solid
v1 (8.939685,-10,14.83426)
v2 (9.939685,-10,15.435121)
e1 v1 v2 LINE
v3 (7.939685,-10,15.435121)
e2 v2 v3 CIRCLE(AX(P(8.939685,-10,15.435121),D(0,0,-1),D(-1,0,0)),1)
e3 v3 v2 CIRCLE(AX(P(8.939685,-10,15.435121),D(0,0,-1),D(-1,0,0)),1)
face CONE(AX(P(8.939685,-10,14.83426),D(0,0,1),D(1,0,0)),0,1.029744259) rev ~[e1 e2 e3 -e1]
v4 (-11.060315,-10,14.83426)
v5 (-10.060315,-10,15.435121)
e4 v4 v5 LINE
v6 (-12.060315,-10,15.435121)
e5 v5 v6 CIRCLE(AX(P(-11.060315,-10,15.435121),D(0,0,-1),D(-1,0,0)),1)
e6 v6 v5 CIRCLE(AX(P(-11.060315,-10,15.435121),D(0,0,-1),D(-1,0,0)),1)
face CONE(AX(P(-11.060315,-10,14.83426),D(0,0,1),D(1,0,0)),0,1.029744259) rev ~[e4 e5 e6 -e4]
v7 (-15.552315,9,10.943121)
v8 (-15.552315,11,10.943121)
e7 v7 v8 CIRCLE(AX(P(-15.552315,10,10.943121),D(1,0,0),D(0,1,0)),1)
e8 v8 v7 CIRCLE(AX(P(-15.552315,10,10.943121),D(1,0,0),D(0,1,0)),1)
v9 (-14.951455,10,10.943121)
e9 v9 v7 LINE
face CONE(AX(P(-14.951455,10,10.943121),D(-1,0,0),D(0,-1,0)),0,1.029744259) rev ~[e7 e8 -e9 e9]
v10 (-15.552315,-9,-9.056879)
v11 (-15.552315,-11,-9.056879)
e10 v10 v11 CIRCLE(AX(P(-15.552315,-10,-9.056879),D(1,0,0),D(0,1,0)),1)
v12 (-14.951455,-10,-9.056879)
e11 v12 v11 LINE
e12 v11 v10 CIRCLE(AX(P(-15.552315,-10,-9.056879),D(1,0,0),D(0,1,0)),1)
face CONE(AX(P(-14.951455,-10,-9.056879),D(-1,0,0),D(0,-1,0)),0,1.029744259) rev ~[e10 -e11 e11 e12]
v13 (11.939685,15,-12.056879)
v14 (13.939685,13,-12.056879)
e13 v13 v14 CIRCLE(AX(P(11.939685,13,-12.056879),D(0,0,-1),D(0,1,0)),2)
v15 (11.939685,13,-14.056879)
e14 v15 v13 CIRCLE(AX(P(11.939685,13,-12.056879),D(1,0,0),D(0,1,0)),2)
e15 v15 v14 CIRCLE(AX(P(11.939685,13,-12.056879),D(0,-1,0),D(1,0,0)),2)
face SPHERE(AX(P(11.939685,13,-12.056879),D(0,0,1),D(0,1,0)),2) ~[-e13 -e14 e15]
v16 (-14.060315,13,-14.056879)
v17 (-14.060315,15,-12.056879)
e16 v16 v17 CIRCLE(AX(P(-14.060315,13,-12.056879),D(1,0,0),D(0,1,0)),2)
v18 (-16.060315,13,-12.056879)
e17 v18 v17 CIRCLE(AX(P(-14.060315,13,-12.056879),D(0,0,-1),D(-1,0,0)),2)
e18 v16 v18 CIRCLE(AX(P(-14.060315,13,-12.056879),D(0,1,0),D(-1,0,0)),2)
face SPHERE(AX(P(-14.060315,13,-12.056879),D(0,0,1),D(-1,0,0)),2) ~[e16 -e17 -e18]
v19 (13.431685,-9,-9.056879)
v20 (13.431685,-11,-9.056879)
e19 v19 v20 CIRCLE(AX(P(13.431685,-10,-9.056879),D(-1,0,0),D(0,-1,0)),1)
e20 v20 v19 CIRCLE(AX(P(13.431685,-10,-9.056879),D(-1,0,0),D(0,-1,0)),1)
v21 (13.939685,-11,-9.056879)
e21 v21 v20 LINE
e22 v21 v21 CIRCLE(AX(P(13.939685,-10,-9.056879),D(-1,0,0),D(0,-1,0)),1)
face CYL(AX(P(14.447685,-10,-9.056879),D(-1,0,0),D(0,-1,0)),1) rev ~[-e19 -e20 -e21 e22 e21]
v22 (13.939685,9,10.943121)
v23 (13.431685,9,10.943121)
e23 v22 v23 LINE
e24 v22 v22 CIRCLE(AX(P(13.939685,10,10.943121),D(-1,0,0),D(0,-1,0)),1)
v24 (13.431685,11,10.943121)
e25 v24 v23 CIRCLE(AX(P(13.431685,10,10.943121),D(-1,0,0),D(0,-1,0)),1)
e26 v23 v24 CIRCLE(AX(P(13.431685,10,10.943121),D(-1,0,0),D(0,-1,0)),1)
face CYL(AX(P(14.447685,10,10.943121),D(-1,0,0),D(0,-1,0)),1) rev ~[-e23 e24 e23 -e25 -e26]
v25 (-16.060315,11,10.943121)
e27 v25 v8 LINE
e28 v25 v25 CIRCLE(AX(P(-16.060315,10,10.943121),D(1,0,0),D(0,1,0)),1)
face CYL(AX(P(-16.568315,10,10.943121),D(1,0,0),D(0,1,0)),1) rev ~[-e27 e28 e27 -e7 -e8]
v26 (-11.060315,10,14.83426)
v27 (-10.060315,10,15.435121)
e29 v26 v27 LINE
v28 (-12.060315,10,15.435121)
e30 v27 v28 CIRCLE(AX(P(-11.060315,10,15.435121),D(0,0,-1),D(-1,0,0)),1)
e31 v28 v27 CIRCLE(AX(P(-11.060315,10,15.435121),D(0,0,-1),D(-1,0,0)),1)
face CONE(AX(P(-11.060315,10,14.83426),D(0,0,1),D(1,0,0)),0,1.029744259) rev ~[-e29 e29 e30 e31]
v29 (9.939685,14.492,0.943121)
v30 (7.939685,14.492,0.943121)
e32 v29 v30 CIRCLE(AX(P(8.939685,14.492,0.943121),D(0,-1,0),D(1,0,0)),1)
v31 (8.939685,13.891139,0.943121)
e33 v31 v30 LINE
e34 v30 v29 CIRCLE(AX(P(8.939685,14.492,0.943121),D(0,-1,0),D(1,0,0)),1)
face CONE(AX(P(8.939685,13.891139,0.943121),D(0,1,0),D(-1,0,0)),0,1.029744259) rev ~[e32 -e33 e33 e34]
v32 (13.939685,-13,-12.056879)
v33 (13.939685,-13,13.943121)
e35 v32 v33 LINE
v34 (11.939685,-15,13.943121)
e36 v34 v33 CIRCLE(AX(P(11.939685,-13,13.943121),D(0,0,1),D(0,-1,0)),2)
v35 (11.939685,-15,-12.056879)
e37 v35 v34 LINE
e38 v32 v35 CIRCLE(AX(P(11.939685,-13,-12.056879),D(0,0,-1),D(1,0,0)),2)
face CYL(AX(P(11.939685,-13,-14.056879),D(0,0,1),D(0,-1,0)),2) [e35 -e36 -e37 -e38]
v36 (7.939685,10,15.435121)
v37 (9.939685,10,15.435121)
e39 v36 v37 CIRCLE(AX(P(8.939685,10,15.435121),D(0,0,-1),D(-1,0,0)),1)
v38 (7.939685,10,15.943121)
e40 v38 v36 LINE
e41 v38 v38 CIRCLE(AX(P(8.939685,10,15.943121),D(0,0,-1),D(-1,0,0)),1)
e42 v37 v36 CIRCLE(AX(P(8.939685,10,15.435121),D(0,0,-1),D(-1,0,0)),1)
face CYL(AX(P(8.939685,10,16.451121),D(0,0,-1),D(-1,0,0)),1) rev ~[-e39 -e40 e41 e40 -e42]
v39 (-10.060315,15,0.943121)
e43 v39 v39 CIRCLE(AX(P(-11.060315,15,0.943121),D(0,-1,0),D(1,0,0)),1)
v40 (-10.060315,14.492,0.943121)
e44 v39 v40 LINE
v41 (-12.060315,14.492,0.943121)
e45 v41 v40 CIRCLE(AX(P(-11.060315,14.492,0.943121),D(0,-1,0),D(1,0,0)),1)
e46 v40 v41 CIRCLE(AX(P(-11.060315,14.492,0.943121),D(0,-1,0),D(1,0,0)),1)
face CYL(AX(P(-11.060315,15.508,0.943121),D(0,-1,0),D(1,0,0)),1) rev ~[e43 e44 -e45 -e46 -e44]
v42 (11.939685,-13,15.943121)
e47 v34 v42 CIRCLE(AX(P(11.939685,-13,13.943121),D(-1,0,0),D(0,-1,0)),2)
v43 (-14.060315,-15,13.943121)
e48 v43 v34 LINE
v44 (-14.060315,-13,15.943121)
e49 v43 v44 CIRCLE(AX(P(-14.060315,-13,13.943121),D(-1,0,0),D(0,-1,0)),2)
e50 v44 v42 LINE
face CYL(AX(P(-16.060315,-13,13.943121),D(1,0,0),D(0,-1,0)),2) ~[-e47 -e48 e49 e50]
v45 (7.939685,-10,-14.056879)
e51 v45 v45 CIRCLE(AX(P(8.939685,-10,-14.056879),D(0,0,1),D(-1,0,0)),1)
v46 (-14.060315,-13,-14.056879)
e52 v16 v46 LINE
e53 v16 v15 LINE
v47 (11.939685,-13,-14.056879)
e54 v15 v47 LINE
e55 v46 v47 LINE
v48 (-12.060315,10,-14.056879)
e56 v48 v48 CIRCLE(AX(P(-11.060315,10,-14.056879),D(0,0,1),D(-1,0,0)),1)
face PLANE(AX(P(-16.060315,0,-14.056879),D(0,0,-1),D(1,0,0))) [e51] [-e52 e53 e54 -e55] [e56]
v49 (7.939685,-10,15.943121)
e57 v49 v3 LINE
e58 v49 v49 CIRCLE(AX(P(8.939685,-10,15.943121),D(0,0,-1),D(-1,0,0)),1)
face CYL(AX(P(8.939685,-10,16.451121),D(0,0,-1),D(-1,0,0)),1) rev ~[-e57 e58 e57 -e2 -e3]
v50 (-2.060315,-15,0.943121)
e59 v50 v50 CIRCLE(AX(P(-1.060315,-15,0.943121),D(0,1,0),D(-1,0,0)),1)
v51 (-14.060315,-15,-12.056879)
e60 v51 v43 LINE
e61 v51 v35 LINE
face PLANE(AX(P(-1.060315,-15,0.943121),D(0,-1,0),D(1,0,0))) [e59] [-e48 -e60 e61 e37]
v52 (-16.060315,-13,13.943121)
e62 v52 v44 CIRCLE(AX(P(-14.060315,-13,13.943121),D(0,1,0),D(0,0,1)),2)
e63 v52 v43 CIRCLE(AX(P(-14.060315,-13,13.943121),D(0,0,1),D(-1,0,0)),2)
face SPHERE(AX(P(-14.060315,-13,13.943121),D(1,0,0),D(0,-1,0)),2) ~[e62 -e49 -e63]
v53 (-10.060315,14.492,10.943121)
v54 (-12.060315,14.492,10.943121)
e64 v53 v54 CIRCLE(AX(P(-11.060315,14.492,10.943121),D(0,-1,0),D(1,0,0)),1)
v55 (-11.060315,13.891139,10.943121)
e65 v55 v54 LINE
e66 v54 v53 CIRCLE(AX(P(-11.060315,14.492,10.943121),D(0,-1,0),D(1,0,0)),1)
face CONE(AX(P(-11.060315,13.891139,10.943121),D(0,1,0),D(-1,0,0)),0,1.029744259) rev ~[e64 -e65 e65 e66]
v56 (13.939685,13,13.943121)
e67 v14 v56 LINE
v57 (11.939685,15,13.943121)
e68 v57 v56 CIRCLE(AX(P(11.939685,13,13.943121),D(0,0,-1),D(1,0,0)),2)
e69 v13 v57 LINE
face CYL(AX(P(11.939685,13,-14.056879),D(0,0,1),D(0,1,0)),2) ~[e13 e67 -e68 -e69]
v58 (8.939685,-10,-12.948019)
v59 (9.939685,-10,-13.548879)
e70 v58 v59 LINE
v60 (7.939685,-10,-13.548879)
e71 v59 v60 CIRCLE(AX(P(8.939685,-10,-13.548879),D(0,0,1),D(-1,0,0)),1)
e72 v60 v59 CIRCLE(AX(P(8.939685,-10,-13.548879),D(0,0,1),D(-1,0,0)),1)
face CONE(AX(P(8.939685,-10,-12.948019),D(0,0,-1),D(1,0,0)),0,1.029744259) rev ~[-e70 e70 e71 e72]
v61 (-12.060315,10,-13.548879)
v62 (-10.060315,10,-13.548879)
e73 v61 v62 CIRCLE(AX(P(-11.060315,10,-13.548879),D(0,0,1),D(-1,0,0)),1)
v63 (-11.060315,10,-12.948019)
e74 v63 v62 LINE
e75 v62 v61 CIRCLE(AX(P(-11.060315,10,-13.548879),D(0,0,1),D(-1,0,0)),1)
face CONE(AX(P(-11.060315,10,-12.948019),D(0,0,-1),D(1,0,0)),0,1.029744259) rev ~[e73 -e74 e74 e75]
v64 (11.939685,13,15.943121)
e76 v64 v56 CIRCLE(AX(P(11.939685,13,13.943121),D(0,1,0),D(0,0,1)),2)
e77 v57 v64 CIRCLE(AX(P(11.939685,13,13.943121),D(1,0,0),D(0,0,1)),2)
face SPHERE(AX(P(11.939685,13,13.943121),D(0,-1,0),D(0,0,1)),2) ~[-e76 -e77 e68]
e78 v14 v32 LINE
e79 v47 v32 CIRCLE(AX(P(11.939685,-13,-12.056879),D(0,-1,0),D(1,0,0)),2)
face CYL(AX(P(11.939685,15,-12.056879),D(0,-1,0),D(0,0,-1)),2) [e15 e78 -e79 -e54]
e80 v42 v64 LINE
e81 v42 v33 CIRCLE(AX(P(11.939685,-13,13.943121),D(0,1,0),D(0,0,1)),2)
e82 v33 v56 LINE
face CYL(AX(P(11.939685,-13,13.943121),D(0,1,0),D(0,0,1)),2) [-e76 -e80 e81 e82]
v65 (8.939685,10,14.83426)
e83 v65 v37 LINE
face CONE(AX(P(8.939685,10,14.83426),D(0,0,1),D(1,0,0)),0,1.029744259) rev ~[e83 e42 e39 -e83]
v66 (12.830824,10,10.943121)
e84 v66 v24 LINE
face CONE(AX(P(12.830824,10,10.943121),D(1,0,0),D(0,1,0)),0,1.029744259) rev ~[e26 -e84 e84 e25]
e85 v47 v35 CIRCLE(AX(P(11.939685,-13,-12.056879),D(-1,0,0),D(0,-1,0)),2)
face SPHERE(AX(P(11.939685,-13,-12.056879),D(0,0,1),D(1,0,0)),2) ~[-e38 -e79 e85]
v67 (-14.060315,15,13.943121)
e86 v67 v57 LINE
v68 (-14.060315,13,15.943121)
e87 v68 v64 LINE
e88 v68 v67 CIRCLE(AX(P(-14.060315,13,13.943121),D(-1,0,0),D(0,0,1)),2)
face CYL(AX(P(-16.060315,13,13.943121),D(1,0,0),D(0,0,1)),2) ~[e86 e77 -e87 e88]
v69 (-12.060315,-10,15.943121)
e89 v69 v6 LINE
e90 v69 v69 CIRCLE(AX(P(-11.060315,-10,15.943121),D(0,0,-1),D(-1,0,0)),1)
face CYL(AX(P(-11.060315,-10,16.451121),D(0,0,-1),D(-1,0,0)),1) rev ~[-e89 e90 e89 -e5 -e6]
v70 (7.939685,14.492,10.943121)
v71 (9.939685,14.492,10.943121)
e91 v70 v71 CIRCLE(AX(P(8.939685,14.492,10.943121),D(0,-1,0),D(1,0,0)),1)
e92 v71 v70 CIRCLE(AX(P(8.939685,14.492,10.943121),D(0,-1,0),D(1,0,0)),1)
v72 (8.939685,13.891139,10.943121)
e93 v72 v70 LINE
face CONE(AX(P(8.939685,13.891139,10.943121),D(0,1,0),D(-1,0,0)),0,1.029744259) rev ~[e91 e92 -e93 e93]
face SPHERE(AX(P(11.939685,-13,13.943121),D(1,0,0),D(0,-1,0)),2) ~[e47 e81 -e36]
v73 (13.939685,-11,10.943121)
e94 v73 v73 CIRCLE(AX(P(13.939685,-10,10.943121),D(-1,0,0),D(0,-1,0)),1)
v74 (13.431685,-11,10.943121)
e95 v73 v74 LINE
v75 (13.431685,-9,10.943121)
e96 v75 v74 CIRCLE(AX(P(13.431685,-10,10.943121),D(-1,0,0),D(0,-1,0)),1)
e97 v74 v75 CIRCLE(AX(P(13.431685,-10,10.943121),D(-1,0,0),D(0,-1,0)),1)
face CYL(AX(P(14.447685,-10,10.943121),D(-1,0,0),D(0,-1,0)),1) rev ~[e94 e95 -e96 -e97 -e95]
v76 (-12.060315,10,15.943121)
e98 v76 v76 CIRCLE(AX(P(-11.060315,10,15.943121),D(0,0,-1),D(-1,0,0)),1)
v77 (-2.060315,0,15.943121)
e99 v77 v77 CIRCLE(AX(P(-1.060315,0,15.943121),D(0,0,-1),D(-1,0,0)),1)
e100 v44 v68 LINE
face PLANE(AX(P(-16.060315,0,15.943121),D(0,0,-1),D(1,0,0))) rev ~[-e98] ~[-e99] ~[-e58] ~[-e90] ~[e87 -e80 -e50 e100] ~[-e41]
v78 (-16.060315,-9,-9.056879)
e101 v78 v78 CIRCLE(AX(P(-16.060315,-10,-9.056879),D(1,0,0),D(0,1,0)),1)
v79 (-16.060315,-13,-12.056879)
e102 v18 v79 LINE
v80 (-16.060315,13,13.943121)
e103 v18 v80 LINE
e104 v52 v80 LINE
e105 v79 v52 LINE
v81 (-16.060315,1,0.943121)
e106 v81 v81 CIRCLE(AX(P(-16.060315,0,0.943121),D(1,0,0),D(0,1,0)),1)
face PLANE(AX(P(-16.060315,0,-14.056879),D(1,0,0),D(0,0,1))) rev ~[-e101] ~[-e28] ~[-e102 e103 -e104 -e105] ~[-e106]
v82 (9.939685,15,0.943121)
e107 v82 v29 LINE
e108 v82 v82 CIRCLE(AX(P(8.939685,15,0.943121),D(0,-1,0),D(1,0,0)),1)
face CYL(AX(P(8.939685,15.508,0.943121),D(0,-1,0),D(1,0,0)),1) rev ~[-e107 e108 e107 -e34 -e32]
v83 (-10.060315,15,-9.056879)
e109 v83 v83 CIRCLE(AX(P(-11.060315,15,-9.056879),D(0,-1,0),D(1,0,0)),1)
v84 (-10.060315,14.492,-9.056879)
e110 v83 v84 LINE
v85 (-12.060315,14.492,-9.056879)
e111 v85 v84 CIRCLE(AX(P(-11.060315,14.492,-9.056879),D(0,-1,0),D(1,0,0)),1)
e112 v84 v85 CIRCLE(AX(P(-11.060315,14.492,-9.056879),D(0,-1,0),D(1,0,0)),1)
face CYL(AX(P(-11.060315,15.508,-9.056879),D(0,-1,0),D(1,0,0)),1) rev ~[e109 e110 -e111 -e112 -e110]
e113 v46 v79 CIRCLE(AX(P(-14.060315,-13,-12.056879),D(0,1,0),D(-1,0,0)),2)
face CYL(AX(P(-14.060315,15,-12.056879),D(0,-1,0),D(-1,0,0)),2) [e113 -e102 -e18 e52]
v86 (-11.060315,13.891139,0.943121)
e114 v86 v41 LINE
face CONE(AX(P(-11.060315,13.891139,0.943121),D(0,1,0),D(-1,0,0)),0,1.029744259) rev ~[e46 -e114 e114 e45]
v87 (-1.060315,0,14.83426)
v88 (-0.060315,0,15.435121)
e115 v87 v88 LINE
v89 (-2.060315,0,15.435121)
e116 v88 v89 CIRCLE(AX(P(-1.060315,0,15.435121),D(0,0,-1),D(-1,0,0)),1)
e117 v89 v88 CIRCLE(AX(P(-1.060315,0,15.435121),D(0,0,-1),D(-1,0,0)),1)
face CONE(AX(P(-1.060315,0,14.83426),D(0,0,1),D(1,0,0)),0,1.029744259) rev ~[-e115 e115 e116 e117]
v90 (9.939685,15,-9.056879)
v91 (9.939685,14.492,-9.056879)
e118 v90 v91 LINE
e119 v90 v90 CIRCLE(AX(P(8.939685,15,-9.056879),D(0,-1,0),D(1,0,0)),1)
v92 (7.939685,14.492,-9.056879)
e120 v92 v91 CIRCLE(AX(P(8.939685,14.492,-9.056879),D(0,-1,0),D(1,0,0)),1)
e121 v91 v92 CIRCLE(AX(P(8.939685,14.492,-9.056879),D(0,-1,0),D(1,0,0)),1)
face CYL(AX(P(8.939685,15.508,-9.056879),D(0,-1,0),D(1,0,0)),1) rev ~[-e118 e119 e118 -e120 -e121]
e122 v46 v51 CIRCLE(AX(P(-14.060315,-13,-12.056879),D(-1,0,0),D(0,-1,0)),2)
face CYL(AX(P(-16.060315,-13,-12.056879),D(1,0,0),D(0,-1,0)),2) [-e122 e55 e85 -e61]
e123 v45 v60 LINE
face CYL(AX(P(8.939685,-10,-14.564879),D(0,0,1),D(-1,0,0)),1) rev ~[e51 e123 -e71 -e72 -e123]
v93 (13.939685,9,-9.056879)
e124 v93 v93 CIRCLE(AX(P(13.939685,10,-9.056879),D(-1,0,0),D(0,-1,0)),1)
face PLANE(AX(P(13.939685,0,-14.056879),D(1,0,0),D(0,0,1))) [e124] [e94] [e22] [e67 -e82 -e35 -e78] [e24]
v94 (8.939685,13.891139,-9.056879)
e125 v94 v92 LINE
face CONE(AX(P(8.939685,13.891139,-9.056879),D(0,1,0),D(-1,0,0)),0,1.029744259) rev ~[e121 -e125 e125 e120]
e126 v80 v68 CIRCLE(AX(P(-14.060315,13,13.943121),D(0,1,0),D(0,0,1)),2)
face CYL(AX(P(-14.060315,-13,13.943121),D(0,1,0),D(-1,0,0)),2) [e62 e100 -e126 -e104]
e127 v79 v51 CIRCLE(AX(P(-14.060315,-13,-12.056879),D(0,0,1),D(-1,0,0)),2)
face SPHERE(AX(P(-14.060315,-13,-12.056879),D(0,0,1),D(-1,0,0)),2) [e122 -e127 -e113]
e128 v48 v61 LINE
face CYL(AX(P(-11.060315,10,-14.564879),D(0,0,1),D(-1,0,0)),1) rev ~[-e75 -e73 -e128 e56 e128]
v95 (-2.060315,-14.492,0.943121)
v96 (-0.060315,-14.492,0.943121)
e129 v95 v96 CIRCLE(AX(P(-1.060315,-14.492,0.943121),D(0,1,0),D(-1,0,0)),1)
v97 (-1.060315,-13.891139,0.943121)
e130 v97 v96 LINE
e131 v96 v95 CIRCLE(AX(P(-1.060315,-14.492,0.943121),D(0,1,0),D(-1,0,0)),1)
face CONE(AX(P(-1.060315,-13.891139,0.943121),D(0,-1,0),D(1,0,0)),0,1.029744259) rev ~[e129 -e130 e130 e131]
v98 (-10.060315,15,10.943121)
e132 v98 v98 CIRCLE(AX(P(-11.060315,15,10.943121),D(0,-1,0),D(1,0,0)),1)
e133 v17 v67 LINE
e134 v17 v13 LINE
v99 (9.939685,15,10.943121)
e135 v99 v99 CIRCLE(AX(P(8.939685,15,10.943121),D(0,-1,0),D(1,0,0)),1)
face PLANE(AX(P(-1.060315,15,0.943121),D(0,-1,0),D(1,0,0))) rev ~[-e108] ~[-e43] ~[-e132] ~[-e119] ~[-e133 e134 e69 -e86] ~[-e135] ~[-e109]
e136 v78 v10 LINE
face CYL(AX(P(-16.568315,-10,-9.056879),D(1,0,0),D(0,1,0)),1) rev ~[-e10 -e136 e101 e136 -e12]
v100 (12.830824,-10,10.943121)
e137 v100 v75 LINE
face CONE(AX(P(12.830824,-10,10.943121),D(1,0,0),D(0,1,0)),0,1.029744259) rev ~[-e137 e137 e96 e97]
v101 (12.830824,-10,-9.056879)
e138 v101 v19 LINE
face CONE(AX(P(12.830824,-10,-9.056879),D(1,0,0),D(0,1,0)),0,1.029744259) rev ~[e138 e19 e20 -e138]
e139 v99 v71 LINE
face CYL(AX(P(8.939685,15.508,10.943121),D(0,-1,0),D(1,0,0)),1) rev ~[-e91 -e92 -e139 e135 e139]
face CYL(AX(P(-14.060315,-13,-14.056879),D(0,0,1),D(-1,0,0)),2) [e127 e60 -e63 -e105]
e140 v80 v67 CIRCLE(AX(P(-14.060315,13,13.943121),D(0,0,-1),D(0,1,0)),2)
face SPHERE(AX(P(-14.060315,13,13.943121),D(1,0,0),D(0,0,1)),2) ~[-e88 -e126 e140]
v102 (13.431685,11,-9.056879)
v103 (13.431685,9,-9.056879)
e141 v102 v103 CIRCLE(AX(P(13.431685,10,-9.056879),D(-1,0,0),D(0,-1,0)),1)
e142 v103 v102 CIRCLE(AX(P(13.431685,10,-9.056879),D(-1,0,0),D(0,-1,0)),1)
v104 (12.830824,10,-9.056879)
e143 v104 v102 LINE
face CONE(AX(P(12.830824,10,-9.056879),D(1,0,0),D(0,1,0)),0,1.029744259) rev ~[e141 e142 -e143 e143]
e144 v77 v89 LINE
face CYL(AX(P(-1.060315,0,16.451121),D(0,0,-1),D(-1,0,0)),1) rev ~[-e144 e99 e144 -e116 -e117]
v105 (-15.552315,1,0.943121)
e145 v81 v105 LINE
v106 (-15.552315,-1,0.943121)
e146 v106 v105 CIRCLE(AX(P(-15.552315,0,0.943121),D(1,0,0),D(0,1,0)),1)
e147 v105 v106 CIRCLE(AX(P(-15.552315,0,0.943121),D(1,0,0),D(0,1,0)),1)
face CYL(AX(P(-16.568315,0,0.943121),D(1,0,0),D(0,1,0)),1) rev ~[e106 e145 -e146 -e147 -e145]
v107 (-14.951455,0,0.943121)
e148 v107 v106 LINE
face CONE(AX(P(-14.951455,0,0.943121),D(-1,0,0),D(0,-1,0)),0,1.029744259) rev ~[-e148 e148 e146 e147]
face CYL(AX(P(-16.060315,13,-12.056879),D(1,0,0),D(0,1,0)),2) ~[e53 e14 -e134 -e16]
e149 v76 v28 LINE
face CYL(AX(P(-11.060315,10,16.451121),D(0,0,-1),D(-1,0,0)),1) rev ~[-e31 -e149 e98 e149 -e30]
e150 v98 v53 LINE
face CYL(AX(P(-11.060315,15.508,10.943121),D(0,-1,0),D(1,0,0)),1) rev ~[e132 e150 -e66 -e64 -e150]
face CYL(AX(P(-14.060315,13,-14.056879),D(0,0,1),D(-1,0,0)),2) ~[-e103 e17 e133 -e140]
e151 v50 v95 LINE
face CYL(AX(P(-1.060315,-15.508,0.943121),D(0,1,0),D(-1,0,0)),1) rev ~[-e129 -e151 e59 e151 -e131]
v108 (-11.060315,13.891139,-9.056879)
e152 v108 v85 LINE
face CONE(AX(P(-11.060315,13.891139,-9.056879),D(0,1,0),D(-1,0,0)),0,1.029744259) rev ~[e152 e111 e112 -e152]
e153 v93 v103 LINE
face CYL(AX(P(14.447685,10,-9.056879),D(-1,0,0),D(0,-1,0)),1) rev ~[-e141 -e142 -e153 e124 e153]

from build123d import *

# Parameters (mm, degrees)
F0_W      = 30
F0_H      = 30
F1_DEPTH  = 15
F2_R      = 2
F3_R      = 2
F10_D     = 2
F10_DEPTH = 0.508
F10_TIP   = 0.600860619
F11_D     = 2
F11_DEPTH = 0.508
F11_TIP   = 0.600860619
F12_D     = 2
F12_DEPTH = 0.508
F12_TIP   = 0.600860619
F13_D     = 2
F13_DEPTH = 0.508
F13_TIP   = 0.600860619
F14_D     = 2
F14_DEPTH = 0.508
F14_TIP   = 0.600860619
F15_D     = 2
F15_DEPTH = 0.508
F15_TIP   = 0.600860619


with BuildPart() as f1:
    # F0 (on Front) → F1 (new body, symmetric)
    with BuildSketch(Plane.XZ):
        with Locations((-1.0603153623, 0.943120569)):
            Rectangle(F0_W, F0_H)
    extrude(amount=F1_DEPTH, both=True)

    # F2
    f2_edges = [f1.edges().sort_by_distance(p)[0] for p in [
        (-1.060315, -15, 15.943121),
    ]]
    fillet(f2_edges, radius=F2_R)

    # F3
    f3_edges = [f1.edges().sort_by_distance(p)[0] for p in [
        (13.939685, 1, 15.943121),
        (-1.060315, 15, 15.943121),
        (-16.060315, 1, 15.943121),
        (-16.060315, 15, 0.943121),
        (13.939685, 15, 0.943121),
        (13.939685, -15, -0.056879),
        (-16.060315, 0, -14.056879),
        (-1.060315, 15, -14.056879),
        (13.939685, 0, -14.056879),
        (-1.060315, -15, -14.056879),
        (-16.060315, -15, -0.056879),
    ]]
    fillet(f3_edges, radius=F3_R)

    # F10
    with Locations(Plane.XZ.offset(15)):
        with Locations((-1.0603153623, 0.943120569)):
            Hole(F10_D / 2, depth=F10_DEPTH)
            with Locations((0, 0, -(F10_DEPTH + F10_TIP / 2))):  # 118° drill point
                Cone(0, F10_D / 2, F10_TIP, mode=Mode.SUBTRACT)

    # F11
    with Locations(Plane.XY.offset(15.943120569)):
        with Locations((-11.0603153623, 10), (-1.0603153623, 0), (8.9396846377, 10), (8.9396846377, -10), (-11.0603153623, -10)):
            Hole(F11_D / 2, depth=F11_DEPTH)
            with Locations((0, 0, -(F11_DEPTH + F11_TIP / 2))):  # 118° drill point
                Cone(0, F11_D / 2, F11_TIP, mode=Mode.SUBTRACT)

    # F12
    with Locations(Plane(origin=(0, 15, 0), x_dir=(-1, 0, 0), z_dir=(0, 1, 0))):
        with Locations((-8.9396846377, 10.943120569), (-8.9396846377, 0.943120569), (-8.9396846377, -9.056879431), (11.0603153623, -9.056879431), (11.0603153623, 0.943120569), (11.0603153623, 10.943120569)):
            Hole(F12_D / 2, depth=F12_DEPTH)
            with Locations((0, 0, -(F12_DEPTH + F12_TIP / 2))):  # 118° drill point
                Cone(0, F12_D / 2, F12_TIP, mode=Mode.SUBTRACT)

    # F13
    with Locations(Plane(origin=(0, 0, -14.056879431), x_dir=(1, 0, 0), z_dir=(0, 0, -1))):
        with Locations((8.9396846377, 10), (-11.0603153623, -10)):
            Hole(F13_D / 2, depth=F13_DEPTH)
            with Locations((0, 0, -(F13_DEPTH + F13_TIP / 2))):  # 118° drill point
                Cone(0, F13_D / 2, F13_TIP, mode=Mode.SUBTRACT)

    # F14
    with Locations(Plane.YZ.offset(13.9396846377)):
        with Locations((-10, 10.943120569), (-10, -9.056879431), (10, -9.056879431), (10, 10.943120569)):
            Hole(F14_D / 2, depth=F14_DEPTH)
            with Locations((0, 0, -(F14_DEPTH + F14_TIP / 2))):  # 118° drill point
                Cone(0, F14_D / 2, F14_TIP, mode=Mode.SUBTRACT)

    # F15
    with Locations(Plane(origin=(-16.0603153623, 0, 0), x_dir=(0, -1, 0), z_dir=(-1, 0, 0))):
        with Locations((-10, 10.943120569), (0, 0.943120569), (10, -9.056879431)):
            Hole(F15_D / 2, depth=F15_DEPTH)
            with Locations((0, 0, -(F15_DEPTH + F15_TIP / 2))):  # 118° drill point
                Cone(0, F15_D / 2, F15_TIP, mode=Mode.SUBTRACT)


solid = f1.part
